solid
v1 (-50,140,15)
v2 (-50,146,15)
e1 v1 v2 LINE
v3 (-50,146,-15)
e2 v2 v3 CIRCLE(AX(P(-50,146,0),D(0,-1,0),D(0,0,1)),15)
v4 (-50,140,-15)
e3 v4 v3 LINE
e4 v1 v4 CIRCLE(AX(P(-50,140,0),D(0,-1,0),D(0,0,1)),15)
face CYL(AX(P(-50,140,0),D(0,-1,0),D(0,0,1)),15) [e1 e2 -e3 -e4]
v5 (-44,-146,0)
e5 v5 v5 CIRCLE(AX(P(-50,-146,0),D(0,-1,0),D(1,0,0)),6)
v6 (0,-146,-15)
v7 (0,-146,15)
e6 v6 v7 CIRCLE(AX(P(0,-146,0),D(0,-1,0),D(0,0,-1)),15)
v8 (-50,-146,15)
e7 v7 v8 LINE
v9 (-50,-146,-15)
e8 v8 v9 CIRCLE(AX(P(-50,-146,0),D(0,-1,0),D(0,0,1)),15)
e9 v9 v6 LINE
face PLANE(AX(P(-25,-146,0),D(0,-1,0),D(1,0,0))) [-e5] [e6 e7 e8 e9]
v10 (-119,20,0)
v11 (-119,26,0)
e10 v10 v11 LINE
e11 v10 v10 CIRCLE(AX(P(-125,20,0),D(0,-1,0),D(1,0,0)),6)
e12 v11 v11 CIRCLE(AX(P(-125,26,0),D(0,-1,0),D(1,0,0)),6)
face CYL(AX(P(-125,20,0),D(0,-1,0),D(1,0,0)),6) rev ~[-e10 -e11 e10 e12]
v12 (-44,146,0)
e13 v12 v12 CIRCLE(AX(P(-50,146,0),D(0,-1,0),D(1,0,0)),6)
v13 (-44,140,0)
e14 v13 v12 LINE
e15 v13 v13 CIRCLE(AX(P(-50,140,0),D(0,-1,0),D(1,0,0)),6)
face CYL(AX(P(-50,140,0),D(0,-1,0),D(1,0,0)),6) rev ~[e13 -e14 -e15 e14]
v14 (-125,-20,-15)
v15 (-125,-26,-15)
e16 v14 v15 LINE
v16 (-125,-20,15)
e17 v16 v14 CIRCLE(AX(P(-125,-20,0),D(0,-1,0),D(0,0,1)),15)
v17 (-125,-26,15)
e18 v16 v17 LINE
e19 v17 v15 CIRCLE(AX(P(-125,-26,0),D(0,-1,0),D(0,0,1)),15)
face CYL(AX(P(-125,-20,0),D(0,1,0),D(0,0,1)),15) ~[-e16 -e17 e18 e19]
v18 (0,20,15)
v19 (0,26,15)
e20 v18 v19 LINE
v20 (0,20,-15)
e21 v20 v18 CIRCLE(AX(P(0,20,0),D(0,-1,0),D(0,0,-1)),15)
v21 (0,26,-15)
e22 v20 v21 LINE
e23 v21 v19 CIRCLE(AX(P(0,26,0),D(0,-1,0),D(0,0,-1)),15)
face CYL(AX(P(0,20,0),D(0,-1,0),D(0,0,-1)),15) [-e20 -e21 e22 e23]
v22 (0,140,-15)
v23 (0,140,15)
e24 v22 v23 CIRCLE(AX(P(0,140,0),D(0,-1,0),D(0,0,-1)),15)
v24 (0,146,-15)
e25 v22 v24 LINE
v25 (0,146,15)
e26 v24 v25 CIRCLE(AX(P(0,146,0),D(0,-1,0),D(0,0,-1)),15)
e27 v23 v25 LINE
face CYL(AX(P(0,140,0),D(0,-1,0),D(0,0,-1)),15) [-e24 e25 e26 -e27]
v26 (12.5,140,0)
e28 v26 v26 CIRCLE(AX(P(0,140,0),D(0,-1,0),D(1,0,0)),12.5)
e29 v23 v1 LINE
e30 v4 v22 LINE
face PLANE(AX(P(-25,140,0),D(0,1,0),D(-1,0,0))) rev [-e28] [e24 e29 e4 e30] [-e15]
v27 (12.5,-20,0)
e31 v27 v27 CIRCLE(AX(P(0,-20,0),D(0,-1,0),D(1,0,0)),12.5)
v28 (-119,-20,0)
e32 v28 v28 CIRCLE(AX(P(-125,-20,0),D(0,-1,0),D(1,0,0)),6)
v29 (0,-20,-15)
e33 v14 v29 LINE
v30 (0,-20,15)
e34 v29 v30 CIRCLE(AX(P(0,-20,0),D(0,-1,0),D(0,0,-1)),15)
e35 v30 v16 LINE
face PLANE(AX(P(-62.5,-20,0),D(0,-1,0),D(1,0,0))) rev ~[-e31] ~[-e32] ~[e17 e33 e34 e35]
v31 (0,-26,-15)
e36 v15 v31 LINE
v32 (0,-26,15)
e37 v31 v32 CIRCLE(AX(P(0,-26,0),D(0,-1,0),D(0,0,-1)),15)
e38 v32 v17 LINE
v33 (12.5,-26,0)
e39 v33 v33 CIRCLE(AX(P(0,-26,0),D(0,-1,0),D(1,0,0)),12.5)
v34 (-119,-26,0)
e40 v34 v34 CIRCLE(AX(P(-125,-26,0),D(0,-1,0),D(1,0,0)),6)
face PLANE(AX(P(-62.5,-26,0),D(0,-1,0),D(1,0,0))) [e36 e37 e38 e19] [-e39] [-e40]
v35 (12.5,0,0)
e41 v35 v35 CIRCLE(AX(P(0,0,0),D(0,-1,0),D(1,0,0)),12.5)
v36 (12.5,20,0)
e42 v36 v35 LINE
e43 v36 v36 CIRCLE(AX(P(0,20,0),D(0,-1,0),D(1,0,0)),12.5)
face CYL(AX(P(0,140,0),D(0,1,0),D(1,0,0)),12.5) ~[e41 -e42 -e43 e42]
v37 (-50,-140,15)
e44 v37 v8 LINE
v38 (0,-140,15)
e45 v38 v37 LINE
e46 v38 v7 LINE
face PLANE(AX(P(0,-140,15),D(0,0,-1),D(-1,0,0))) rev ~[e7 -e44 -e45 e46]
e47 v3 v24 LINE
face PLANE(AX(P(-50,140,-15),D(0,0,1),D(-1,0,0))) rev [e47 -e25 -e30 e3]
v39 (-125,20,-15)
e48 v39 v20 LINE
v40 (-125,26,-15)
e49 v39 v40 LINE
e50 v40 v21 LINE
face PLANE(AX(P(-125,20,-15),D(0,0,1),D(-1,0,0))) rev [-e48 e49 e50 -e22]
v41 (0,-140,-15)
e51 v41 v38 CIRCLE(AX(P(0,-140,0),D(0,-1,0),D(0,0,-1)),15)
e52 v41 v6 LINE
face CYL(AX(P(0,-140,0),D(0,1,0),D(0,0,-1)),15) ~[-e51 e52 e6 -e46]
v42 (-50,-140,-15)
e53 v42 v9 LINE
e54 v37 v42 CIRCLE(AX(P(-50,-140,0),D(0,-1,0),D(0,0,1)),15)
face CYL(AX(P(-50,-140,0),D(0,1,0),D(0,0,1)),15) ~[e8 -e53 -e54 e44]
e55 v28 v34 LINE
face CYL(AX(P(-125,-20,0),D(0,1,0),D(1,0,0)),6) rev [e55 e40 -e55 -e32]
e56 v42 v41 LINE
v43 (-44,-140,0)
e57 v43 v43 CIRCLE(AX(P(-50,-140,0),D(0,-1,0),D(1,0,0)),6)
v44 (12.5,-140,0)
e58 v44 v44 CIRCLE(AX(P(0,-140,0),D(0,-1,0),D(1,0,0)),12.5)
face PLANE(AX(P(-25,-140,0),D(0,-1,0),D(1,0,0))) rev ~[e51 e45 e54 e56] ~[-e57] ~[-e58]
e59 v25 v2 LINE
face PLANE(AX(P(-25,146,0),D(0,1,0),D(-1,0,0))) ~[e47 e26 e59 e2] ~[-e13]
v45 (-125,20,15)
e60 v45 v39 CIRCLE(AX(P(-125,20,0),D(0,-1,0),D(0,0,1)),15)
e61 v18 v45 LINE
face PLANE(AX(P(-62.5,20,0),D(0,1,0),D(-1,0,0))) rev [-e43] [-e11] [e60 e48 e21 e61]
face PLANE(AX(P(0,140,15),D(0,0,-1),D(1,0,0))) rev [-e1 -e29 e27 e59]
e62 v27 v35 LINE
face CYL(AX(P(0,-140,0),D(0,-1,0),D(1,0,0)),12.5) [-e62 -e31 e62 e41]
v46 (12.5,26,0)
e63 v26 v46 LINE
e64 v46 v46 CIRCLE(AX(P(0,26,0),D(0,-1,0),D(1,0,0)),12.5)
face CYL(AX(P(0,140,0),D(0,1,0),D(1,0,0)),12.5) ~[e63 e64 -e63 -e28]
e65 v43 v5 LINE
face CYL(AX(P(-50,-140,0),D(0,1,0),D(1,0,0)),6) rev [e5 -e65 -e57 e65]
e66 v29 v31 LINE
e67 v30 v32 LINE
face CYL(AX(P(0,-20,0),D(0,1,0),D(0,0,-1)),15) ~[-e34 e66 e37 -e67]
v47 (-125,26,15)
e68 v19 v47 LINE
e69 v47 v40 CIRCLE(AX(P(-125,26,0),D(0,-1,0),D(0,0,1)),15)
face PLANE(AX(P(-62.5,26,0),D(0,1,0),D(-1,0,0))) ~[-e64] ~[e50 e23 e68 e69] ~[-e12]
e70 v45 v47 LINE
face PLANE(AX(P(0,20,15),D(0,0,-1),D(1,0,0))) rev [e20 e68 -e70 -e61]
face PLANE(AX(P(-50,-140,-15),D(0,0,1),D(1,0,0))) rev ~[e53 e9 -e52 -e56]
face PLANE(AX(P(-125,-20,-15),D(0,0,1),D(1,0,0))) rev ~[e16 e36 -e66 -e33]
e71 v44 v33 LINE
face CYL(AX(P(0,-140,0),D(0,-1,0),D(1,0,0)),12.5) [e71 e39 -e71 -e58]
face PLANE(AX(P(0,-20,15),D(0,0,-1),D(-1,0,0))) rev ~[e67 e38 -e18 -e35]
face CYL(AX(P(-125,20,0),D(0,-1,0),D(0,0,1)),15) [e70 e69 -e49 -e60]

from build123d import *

# Parameters (mm, degrees)
F1_R     = 6
F1_R_2   = 12.5
F2_DEPTH = 6
F3_DEPTH = 140
F5_R     = 6
F6_DEPTH = 6


with BuildPart() as f2:
    # F1 (on offset) → F2 (new body)
    with BuildSketch(Plane.XZ.offset(140)):
        with BuildLine():
            Line((-50, -15), (0, -15))
            ThreePointArc((0, -15), (15, 0), (0, 15))
            Line((0, 15), (-50, 15))
            ThreePointArc((-50, 15), (-65, 0), (-50, -15))
        make_face()
        with Locations((-50, 0)):
            Circle(F1_R, mode=Mode.SUBTRACT)
        Circle(F1_R_2, mode=Mode.SUBTRACT)
        Circle(F1_R_2)
        Circle(F1_R, mode=Mode.SUBTRACT)
        Circle(F1_R)
    extrude(amount=F2_DEPTH)

    # F1 (on offset) → F3 (join, through all)
    with BuildSketch(Plane.XZ.offset(140)):
        Circle(F1_R_2)
        Circle(F1_R, mode=Mode.SUBTRACT)
        Circle(F1_R)
    extrude(amount=-F3_DEPTH)

    # F5 (on offset) → F6 (join)
    with BuildSketch(Plane.XZ.offset(20)):
        with BuildLine():
            Line((-125, -15), (0, -15))
            ThreePointArc((0, -15), (15, 0), (0, 15))
            Line((0, 15), (-125, 15))
            ThreePointArc((-125, 15), (-140, 0), (-125, -15))
        make_face()
        with Locations((-125, 0)):
            Circle(F5_R, mode=Mode.SUBTRACT)
    extrude(amount=F6_DEPTH)

    # F7: F2 across face


with BuildPart() as f2_1:
    add(f2.part)
    add(f2.part.mirror(Plane(origin=(0, 0, 0), x_dir=(1, 0, 0), z_dir=(0, 1, 0))))


solid = f2_1.part
